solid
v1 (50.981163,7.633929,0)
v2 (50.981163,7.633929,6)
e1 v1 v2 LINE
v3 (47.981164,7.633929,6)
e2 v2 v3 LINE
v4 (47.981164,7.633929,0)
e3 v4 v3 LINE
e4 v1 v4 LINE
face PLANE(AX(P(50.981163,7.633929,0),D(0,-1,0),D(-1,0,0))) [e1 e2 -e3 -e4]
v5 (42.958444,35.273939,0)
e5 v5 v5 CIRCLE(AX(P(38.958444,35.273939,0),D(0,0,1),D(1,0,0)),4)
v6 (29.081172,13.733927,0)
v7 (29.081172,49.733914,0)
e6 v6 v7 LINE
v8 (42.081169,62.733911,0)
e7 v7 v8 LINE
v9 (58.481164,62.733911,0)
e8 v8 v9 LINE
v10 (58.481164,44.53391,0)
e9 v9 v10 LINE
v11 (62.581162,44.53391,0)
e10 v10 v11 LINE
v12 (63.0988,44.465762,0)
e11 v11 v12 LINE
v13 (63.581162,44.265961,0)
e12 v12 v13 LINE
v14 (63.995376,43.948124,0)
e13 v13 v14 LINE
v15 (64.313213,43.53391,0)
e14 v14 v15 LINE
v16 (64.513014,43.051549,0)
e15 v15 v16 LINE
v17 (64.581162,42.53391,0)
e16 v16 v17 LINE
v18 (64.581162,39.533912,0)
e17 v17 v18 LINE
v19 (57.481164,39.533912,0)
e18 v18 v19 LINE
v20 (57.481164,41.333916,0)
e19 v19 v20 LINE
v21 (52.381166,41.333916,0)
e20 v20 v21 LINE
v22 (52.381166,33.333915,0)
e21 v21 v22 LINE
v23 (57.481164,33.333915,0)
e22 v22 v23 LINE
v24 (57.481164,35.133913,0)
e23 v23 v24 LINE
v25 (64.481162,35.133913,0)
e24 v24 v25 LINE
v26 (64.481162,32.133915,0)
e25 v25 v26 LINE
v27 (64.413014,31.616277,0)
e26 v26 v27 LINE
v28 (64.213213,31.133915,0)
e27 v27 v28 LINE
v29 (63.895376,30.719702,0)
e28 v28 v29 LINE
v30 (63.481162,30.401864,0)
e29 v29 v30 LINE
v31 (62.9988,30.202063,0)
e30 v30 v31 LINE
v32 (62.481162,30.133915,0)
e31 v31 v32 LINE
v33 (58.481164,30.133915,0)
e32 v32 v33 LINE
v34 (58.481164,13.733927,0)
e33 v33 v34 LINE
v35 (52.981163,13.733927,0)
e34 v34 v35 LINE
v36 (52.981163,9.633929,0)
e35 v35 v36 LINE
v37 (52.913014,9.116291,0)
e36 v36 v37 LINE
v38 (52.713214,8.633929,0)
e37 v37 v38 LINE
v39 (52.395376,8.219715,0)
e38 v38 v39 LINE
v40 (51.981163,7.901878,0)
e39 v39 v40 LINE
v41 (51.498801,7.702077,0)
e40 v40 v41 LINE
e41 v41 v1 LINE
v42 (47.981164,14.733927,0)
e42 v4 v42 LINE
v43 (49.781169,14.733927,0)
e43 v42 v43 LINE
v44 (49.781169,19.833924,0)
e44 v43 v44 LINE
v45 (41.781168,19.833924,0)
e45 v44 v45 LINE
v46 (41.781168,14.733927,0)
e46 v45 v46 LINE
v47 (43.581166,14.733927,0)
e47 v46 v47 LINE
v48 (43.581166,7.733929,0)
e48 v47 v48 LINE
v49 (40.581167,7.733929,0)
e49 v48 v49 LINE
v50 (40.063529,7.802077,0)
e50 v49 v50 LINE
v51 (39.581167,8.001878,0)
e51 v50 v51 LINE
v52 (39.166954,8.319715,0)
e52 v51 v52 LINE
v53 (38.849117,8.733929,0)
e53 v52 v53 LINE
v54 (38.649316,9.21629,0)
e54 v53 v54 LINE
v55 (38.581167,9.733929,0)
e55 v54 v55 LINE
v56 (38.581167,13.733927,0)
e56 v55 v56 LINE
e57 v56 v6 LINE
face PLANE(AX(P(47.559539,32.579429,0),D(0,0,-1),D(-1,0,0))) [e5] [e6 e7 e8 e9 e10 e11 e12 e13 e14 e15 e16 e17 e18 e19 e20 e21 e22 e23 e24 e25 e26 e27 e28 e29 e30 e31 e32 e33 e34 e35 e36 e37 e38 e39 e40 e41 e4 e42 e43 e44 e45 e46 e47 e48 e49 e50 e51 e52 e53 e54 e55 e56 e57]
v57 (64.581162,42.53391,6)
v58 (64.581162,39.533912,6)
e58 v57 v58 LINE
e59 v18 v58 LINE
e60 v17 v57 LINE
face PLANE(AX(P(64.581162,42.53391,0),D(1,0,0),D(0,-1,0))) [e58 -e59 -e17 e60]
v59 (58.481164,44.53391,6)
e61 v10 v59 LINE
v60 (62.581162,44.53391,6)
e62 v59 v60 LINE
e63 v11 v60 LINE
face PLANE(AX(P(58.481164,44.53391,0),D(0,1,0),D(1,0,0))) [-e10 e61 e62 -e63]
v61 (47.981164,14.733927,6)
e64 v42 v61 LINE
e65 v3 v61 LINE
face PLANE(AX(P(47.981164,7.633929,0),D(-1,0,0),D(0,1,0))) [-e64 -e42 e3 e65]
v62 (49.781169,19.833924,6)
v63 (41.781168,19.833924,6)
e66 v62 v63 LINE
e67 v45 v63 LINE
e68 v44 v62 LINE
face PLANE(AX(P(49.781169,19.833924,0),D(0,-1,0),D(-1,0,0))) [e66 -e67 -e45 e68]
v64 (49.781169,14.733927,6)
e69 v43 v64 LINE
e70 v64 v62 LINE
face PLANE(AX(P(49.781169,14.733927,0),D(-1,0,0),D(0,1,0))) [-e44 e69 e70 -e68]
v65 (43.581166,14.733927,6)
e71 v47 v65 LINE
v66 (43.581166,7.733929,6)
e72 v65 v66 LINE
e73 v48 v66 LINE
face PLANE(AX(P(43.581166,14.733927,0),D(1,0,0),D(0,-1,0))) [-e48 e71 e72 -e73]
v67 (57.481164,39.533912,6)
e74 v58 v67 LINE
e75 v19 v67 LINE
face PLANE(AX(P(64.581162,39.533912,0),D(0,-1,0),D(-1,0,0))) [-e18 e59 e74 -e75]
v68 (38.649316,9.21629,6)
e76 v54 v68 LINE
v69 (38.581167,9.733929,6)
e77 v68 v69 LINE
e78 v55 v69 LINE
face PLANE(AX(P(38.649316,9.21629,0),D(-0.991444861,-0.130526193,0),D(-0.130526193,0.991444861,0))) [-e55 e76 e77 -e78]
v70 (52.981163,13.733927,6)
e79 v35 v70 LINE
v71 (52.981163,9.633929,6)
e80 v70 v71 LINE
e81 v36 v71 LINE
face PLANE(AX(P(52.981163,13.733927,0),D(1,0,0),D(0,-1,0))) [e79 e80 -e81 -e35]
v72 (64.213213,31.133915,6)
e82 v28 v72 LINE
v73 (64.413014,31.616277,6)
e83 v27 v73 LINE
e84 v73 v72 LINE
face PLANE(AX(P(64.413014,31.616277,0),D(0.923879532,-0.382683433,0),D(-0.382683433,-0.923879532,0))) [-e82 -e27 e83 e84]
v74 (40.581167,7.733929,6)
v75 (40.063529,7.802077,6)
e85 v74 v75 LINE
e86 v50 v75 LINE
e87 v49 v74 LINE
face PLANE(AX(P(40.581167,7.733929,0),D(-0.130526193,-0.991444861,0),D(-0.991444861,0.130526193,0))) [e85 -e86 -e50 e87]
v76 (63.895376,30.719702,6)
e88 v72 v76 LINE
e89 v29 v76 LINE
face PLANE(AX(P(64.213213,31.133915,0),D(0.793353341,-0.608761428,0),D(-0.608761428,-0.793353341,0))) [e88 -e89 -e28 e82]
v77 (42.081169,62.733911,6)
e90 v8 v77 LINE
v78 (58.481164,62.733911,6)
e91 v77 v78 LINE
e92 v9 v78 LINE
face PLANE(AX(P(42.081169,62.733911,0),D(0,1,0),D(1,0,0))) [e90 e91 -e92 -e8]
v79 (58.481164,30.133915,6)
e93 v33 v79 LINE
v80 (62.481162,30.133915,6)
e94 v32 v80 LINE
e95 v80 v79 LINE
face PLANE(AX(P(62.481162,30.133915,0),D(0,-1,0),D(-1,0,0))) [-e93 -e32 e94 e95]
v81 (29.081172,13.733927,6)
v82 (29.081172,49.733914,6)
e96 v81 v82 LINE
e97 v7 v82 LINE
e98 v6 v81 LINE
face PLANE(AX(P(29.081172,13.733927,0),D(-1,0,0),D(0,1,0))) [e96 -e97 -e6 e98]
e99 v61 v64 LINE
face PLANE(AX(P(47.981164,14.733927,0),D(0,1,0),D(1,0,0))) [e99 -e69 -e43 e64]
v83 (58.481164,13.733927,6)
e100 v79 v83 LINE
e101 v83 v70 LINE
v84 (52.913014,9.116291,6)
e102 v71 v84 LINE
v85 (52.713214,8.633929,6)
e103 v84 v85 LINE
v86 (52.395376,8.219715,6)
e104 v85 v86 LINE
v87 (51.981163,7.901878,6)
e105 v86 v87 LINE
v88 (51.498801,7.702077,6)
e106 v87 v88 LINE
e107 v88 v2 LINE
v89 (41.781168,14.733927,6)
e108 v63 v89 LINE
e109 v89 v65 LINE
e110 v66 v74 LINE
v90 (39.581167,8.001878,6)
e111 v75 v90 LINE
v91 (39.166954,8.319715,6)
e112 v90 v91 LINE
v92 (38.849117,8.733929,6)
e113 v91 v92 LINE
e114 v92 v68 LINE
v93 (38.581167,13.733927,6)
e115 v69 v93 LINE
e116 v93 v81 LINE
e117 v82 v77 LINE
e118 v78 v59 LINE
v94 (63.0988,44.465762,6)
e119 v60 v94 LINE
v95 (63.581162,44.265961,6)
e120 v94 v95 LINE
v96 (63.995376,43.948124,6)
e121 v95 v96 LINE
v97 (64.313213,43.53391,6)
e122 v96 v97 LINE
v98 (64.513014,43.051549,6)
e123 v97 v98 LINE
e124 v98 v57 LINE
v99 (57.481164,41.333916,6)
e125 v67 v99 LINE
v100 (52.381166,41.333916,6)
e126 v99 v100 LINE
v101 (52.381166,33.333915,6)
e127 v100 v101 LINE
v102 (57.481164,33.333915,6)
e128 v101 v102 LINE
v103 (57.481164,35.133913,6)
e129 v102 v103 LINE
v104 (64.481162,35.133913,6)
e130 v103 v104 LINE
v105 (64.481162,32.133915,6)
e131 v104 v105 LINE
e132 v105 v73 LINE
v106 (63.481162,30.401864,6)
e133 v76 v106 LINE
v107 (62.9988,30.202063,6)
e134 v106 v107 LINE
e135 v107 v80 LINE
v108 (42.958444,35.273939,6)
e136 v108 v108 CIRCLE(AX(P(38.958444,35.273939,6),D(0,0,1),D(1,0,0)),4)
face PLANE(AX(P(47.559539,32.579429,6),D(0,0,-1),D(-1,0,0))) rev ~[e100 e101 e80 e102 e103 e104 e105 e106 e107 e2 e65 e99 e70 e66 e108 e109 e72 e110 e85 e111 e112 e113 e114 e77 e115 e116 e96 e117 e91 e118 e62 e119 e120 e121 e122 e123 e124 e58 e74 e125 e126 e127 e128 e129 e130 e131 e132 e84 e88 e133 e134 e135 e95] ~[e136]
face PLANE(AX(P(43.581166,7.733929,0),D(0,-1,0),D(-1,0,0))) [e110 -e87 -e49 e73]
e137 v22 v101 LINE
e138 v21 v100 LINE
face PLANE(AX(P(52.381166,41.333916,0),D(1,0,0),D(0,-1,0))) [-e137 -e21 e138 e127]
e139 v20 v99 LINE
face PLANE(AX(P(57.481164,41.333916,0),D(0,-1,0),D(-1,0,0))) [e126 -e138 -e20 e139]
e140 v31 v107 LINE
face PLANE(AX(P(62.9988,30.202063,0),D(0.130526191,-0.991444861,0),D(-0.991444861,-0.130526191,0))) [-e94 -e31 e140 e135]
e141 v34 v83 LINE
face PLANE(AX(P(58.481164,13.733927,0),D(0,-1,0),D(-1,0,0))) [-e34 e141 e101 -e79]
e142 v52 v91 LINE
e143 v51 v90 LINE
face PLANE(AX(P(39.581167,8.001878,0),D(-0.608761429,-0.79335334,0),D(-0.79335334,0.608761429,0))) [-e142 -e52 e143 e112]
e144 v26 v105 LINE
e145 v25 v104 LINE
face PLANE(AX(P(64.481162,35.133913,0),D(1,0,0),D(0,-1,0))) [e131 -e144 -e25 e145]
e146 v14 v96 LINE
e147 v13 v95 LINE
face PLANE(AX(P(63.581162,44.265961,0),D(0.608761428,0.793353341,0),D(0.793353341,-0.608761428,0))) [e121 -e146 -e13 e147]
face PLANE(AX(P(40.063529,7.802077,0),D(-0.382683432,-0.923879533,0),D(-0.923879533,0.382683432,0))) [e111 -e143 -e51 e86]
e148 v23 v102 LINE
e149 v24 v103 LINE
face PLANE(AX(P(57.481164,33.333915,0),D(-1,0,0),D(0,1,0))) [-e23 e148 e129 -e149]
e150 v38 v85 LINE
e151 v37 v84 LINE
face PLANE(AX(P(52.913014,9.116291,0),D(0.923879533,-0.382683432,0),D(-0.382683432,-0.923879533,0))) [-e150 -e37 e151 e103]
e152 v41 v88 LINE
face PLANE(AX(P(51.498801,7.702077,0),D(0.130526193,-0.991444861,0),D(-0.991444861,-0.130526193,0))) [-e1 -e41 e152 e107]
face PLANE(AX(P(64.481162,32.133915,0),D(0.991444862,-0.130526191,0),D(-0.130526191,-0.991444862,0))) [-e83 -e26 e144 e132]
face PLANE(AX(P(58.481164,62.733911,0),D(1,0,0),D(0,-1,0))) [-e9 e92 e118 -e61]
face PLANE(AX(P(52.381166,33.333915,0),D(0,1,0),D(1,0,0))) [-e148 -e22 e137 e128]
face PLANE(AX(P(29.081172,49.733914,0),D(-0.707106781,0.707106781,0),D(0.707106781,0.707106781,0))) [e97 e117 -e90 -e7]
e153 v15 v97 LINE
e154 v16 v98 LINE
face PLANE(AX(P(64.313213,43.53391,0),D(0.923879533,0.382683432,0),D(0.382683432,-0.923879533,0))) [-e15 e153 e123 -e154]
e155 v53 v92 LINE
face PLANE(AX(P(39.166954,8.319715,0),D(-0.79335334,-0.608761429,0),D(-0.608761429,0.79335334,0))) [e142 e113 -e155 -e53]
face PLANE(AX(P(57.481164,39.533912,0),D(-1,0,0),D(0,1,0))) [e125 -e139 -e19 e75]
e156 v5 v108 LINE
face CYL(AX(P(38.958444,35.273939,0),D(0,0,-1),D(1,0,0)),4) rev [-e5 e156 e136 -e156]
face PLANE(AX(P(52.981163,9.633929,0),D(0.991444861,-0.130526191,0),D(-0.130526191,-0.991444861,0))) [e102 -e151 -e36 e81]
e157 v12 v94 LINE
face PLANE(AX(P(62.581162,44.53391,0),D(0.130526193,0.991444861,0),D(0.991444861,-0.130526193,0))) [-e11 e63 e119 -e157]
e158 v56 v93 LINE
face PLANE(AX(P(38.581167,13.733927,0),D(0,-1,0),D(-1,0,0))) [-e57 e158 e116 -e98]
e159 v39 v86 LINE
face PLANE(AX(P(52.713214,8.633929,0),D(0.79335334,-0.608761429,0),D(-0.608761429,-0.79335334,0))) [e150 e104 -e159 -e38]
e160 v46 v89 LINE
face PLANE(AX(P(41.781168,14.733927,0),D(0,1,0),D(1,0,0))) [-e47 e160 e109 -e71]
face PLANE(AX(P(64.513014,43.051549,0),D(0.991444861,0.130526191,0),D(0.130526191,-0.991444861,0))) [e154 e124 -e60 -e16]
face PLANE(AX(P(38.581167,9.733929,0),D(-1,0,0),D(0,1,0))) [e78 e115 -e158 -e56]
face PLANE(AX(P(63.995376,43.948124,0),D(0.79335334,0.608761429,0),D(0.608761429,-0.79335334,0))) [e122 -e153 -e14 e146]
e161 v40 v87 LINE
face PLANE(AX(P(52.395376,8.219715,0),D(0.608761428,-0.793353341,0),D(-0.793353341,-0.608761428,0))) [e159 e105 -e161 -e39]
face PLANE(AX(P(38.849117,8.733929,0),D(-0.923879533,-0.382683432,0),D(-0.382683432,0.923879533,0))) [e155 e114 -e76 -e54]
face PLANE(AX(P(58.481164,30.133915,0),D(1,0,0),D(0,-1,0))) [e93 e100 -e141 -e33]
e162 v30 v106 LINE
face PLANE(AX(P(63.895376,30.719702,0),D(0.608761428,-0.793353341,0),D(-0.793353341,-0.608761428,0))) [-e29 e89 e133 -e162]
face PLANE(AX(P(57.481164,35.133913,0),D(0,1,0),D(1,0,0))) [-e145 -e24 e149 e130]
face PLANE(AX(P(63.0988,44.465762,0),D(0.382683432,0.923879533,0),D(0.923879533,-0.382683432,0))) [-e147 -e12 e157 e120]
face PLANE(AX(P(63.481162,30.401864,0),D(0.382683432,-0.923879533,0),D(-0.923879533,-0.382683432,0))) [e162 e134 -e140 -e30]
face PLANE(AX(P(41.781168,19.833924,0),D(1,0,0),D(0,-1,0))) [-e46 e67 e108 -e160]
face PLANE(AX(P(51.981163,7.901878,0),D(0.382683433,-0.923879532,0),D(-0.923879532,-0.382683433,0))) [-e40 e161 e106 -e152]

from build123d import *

# Parameters (mm, degrees)
MODEL_R                  = 4
RESSALTO_EXTRUS_O1_DEPTH = 6


with BuildPart() as part:
    # Model → Ressalto-extrusão1 (new body)
    with BuildSketch(Plane.XY):
        Polygon((52.38116631, 33.333915264), (57.481164074, 33.333915264), (57.481164074, 35.133913496), (64.481162154, 35.133913496), (64.481162154, 32.133915096), (64.413013807, 31.616277005), (64.213212962, 31.133915096), (63.895375717, 30.719701533), (63.481162154, 30.401864288), (62.998800244, 30.202063443), (62.481162154, 30.133915096), (58.481164074, 30.133915096), (58.481164074, 13.733926647), (52.981162794, 13.733926647), (52.981162794, 9.633928599), (52.913014447, 9.116290509), (52.713213602, 8.633928599), (52.395376357, 8.219715037), (51.981162794, 7.901877792), (51.498800885, 7.702076947), (50.981162794, 7.633928599), (47.981164394, 7.633928599), (47.981164394, 14.733926647), (49.781168706, 14.733926647), (49.781168706, 19.833924412), (41.781167571, 19.833924412), (41.781167571, 14.733926647), (43.581165802, 14.733926647), (43.581165802, 7.733928567), (40.581167402, 7.733928567), (40.063529312, 7.802076915), (39.581167402, 8.00187776), (39.16695384, 8.319715005), (38.849116595, 8.733928567), (38.64931575, 9.216290477), (38.581167402, 9.733928567), (38.581167402, 13.733926647), (29.081172202, 13.733926647), (29.081172202, 49.733913847), (42.081169322, 62.733910967), (58.481164074, 62.733910967), (58.481164074, 44.533910488), (62.581162122, 44.533910488), (63.098800212, 44.46576214), (63.581162122, 44.265961295), (63.995375685, 43.94812405), (64.31321293, 43.533910488), (64.513013775, 43.051548578), (64.581162122, 42.533910488), (64.581162122, 39.533912088), (57.481164074, 39.533912088), (57.481164074, 41.333916399), (52.38116631, 41.333916399), align=None)
        with Locations((38.95844444, 35.273938656)):
            Circle(MODEL_R, mode=Mode.SUBTRACT)
    extrude(amount=RESSALTO_EXTRUS_O1_DEPTH)


solid = part.part
